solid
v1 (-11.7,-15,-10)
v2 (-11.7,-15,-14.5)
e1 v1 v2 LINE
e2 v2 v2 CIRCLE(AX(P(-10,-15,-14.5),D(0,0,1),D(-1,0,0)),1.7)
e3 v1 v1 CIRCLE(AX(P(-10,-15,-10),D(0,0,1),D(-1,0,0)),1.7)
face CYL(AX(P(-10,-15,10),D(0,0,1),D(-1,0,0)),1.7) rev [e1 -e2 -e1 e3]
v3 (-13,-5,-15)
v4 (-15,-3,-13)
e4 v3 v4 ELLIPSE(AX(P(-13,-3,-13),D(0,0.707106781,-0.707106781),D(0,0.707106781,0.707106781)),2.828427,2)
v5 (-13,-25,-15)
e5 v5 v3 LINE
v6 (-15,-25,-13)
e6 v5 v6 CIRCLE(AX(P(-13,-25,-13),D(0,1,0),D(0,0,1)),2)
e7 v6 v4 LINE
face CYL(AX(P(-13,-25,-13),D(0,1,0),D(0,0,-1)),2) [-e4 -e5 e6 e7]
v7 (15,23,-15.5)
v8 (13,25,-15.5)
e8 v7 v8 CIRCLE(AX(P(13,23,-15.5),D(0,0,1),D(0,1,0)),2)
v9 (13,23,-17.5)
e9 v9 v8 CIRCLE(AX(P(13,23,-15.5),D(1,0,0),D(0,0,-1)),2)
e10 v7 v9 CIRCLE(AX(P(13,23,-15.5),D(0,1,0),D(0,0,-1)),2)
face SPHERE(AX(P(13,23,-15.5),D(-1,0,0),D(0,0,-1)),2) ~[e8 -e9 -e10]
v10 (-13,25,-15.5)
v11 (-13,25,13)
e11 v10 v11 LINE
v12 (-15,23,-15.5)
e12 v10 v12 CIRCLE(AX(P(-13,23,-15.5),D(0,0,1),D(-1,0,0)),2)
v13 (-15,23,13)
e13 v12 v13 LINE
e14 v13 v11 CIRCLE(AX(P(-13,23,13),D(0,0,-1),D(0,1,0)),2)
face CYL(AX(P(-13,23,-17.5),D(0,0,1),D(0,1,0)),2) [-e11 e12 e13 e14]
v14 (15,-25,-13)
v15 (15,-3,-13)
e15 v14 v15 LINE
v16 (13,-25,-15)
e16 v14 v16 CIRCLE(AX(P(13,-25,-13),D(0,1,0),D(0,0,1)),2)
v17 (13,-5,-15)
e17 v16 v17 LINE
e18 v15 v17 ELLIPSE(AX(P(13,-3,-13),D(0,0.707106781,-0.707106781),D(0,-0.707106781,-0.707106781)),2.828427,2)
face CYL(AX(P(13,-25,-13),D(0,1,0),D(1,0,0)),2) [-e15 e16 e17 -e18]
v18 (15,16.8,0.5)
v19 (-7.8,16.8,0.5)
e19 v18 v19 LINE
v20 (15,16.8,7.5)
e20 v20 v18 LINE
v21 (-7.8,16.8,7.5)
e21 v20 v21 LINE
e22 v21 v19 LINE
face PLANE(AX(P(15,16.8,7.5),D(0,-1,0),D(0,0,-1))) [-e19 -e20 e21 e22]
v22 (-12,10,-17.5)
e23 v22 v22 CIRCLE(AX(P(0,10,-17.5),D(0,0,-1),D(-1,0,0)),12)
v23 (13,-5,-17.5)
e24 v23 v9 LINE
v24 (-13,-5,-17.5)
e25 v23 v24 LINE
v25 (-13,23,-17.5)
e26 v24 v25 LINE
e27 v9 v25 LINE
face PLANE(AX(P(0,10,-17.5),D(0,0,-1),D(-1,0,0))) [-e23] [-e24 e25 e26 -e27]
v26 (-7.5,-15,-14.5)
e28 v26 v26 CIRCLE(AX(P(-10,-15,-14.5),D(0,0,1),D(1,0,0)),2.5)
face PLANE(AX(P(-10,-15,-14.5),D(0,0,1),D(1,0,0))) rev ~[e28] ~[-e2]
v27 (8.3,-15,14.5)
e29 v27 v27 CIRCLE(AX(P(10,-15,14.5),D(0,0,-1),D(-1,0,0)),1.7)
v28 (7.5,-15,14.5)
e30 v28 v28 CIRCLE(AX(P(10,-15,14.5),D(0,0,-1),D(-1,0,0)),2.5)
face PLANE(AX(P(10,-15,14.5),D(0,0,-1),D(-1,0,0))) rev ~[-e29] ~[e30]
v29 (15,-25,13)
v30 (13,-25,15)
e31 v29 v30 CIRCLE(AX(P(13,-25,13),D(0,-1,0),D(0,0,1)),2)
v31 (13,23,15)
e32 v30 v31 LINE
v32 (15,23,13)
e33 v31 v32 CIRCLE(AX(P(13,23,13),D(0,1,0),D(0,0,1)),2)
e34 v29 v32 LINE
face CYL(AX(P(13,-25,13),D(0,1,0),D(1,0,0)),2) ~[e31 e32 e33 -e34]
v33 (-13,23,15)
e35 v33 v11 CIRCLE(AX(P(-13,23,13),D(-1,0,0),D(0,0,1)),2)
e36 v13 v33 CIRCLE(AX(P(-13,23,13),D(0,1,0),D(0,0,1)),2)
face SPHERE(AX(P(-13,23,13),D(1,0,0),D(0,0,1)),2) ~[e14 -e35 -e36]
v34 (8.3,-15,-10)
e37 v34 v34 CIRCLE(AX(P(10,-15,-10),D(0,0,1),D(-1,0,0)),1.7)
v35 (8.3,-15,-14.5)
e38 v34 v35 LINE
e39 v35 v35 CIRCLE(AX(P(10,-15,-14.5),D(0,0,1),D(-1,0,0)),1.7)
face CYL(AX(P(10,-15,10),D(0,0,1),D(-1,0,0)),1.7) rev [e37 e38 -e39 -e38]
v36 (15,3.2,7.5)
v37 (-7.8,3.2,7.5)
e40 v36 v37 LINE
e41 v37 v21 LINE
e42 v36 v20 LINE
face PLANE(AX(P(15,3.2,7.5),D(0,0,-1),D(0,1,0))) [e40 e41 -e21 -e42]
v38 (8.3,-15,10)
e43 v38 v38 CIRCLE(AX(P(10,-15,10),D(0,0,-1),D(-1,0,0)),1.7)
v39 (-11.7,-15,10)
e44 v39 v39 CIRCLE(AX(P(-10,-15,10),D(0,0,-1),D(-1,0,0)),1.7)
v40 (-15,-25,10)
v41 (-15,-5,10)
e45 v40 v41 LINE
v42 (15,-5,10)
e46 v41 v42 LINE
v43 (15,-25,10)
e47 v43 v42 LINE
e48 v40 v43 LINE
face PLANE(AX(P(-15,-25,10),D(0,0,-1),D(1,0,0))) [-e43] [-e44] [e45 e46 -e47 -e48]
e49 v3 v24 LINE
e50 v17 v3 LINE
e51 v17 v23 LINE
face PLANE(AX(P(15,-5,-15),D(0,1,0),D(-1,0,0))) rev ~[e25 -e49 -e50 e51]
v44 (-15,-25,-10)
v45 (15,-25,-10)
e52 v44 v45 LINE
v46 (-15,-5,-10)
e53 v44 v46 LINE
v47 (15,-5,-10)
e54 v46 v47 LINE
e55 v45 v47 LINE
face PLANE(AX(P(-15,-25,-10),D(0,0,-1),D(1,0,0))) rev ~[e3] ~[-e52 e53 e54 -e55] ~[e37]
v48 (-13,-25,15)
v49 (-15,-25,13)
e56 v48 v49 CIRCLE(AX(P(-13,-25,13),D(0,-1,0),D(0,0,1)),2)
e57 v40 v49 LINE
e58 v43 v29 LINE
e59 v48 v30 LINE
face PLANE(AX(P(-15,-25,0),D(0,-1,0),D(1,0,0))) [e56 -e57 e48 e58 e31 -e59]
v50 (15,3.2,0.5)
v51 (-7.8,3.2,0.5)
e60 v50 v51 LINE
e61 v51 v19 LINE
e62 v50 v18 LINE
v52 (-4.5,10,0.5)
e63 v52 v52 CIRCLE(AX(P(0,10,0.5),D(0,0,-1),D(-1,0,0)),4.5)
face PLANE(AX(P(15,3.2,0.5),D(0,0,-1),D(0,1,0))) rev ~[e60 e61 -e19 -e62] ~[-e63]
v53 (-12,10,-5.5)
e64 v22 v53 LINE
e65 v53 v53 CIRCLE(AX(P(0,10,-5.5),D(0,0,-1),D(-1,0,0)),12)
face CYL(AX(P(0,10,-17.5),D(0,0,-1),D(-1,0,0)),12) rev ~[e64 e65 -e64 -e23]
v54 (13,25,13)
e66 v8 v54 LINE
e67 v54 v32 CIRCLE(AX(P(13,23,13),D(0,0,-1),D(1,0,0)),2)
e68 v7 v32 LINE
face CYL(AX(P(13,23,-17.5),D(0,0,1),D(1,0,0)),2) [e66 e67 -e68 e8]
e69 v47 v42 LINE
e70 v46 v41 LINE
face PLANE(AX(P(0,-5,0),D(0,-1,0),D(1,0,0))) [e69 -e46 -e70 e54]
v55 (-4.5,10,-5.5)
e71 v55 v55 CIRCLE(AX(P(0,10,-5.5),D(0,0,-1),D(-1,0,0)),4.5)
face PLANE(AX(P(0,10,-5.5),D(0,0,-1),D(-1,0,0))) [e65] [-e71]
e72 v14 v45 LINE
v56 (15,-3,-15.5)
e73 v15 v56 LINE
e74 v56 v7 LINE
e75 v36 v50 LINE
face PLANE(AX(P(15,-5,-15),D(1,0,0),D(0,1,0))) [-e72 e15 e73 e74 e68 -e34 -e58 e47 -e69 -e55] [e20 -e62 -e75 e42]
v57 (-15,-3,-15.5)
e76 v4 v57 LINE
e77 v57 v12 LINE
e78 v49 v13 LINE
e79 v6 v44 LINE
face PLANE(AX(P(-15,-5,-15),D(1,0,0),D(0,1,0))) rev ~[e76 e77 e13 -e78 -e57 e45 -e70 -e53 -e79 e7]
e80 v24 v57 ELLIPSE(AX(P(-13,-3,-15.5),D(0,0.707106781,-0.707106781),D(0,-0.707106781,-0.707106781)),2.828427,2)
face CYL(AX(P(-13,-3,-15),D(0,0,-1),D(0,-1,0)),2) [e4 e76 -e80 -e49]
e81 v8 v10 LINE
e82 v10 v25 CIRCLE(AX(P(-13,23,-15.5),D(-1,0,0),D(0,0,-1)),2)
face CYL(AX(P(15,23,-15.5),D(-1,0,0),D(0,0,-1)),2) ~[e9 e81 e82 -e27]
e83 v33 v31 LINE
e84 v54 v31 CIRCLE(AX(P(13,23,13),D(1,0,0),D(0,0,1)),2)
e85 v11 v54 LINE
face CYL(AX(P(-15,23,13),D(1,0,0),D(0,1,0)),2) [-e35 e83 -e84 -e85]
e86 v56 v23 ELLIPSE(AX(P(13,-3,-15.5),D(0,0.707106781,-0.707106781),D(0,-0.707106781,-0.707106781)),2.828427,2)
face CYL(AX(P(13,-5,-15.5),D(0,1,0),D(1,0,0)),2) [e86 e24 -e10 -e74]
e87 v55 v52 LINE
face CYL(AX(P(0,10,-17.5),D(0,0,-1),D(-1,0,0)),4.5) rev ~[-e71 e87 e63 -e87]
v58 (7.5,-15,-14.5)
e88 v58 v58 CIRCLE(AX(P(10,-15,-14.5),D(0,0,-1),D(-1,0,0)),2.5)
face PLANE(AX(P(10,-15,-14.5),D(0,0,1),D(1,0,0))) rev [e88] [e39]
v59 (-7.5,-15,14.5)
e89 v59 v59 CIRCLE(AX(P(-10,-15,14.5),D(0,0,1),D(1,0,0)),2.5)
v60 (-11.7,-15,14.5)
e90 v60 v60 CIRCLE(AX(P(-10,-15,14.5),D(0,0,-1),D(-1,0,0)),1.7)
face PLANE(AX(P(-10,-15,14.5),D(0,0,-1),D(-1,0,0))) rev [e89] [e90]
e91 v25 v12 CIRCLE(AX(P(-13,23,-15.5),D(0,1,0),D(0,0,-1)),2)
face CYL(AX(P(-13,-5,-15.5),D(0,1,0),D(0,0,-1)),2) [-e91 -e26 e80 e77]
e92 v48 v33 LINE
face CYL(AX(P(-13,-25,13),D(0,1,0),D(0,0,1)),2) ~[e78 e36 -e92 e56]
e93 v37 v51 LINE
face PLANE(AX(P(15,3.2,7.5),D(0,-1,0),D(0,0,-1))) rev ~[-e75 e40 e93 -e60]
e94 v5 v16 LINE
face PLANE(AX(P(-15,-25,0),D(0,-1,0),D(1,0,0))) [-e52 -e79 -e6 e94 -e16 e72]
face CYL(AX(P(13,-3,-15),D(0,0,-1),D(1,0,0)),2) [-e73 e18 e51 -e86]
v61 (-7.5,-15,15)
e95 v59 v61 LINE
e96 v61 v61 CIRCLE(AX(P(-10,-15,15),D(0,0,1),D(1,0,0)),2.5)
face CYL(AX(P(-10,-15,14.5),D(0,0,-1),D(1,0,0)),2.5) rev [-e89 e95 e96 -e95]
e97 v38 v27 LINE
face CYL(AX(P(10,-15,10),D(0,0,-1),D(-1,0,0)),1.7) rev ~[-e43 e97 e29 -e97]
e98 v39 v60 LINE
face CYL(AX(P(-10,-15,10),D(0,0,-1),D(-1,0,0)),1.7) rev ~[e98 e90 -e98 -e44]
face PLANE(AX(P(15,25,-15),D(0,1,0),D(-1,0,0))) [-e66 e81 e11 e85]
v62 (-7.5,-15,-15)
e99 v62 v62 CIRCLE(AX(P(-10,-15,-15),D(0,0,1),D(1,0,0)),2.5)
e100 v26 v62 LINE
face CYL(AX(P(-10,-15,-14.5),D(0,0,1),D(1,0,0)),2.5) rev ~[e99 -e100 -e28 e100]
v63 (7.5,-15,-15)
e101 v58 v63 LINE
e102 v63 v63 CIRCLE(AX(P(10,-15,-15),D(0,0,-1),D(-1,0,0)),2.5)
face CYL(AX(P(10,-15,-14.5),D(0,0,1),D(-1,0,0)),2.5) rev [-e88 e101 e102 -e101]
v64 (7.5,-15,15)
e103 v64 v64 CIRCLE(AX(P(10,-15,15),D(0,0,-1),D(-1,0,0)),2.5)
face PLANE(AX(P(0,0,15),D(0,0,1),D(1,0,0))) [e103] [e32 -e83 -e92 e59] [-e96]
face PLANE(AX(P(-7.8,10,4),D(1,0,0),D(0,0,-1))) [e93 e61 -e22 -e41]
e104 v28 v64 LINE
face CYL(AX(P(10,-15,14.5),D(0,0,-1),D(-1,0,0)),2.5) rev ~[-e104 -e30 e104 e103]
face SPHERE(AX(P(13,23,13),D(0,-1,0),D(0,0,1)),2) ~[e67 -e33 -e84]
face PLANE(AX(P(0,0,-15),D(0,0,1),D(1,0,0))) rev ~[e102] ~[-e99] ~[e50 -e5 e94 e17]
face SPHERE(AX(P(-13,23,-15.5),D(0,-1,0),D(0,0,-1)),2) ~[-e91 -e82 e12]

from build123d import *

# Parameters (mm, degrees)
SKETCH1_W               = 30
SKETCH1_H               = 50
BOSS_EXTRUDE1_DEPTH     = 15
SKETCH6_W               = 30
SKETCH6_H               = 30
BOSS_EXTRUDE2_DEPTH     = 2.5
SKETCH2_W               = 30
SKETCH2_H               = 20
CUT_EXTRUDE1_DEPTH      = 20
SKETCH3_R               = 1.7
CUT_EXTRUDE2_DEPTH      = 28.5
CUT_EXTRUDE2_DEPTH_BACK = 6
SKETCH5_W               = 7
SKETCH5_H               = 13.6
CUT_EXTRUDE5_DEPTH      = 22.8
CUT_EXTRUDE8_START      = -4.5
SKETCH3_4_R             = 2.5
CUT_EXTRUDE8_DEPTH      = 0.5
MIRROR4_START           = -4.5
MIRROR4_COPY_1_SKETCH_R = 2.5
MIRROR4_COPY_1_DEPTH    = 0.5
FILLET1_R               = 2
SKETCH7_R               = 4.5
SKETCH7_R_2             = 12
CUT_EXTRUDE9_DEPTH      = 12
CUT_EXTRUDE10_REACH     = 34.5
SKETCH7_4_R             = 4.5


with BuildPart() as part:
    # Sketch1 → Boss-Extrude1 (new body, symmetric)
    with BuildSketch(Plane.XY):
        Rectangle(SKETCH1_W, SKETCH1_H)
    extrude(amount=BOSS_EXTRUDE1_DEPTH, both=True)

    # Sketch6 → Boss-Extrude2 (add)
    with BuildSketch(Plane(origin=(0, 0, -15), x_dir=(-1, 0, 0), z_dir=(0, 0, -1))):
        with Locations((0, 10)):
            Rectangle(SKETCH6_W, SKETCH6_H)
    extrude(amount=BOSS_EXTRUDE2_DEPTH)

    # Sketch2 → Cut-Extrude1 (cut)
    with BuildSketch(Plane.XZ.offset(25)):
        Rectangle(SKETCH2_W, SKETCH2_H)
    extrude(amount=-CUT_EXTRUDE1_DEPTH, mode=Mode.SUBTRACT)

    # Sketch3 → Cut-Extrude2 (cut, two sides)
    with BuildSketch(Plane(origin=(0, 0, 10), x_dir=(-1, 0, 0), z_dir=(0, 0, -1))) as cut_extrude2_sk:
        with Locations((-10, -15)):
            Circle(SKETCH3_R)
        with Locations((10, -15)):
            Circle(SKETCH3_R)
    extrude(amount=CUT_EXTRUDE2_DEPTH, mode=Mode.SUBTRACT)
    extrude(cut_extrude2_sk.sketch, amount=-CUT_EXTRUDE2_DEPTH_BACK, mode=Mode.SUBTRACT)

    # Sketch5 → Cut-Extrude5 (cut)
    with BuildSketch(Plane(origin=(15, 0, 0), x_dir=(0, 0, -1), z_dir=(1, 0, 0))):
        with Locations((-4, 10)):
            Rectangle(SKETCH5_W, SKETCH5_H)
    extrude(amount=-CUT_EXTRUDE5_DEPTH, mode=Mode.SUBTRACT)

    # Sketch3<4> → Cut-Extrude8 (cut)
    with BuildSketch(Plane(origin=(0, 0, 10), x_dir=(-1, 0, 0), z_dir=(0, 0, -1)).offset(CUT_EXTRUDE8_START)):
        with Locations((-10, -15)):
            Circle(SKETCH3_4_R)
    cut_extrude8 = extrude(amount=-CUT_EXTRUDE8_DEPTH, mode=Mode.SUBTRACT)

    # Mirror3: Cut-Extrude8 across plane
    add(cut_extrude8.mirror(Plane(origin=(0, 0, 0), x_dir=(0, 0, 1), z_dir=(1, 0, 0))), mode=Mode.SUBTRACT)

    # Mirror4: Cut-Extrude8 across plane
    add(cut_extrude8.mirror(Plane.XY), mode=Mode.SUBTRACT)

    # Mirror4 copy 1 sketch → Mirror4 copy 1 (cut)
    with BuildSketch(Plane.XY.offset(-10).offset(MIRROR4_START)):
        with Locations((-10, -15)):
            Circle(MIRROR4_COPY_1_SKETCH_R)
    extrude(amount=-MIRROR4_COPY_1_DEPTH, mode=Mode.SUBTRACT)

    # Fillet1
    fillet1_edges = [part.edges().sort_by_distance(p)[0] for p in [
        (15, 0, 15),
        (0, 25, 15),
        (-15, -15, -15),
        (-15, -5, -16.25),
        (15, -5, -16.25),
        (-15, 10, -17.5),
        (0, 25, -17.5),
        (15, 10, -17.5),
        (-15, 0, 15),
        (15, -15, -15),
        (-15, 25, -1.25),
        (15, 25, -1.25),
    ]]
    fillet(fillet1_edges, radius=FILLET1_R)

    # Sketch7 → Cut-Extrude9 (cut)
    with BuildSketch(Plane(origin=(0, 0, -17.5), x_dir=(-1, 0, 0), z_dir=(0, 0, -1))):
        with Locations((0, 10)):
            Circle(SKETCH7_R)
        with Locations((0, 10)):
            Circle(SKETCH7_R_2)
        with Locations((0, 10)):
            Circle(SKETCH7_R, mode=Mode.SUBTRACT)
    extrude(amount=-CUT_EXTRUDE9_DEPTH, mode=Mode.SUBTRACT)

    # Sketch7<4> → Cut-Extrude10 (cut, up to next)
    with BuildSketch(Plane(origin=(0, 0, -17.5), x_dir=(-1, 0, 0), z_dir=(0, 0, -1)), mode=Mode.PRIVATE) as cut_extrude10_sk1:
        with Locations((0, 10)):
            Circle(SKETCH7_4_R)
    cut_extrude10_tool1 = extrude(cut_extrude10_sk1.sketch, amount=-CUT_EXTRUDE10_REACH, mode=Mode.PRIVATE) & part.part
    add(cut_extrude10_tool1.solids().sort_by_distance((0, 10, -17.5))[0], mode=Mode.SUBTRACT)


solid = part.part
